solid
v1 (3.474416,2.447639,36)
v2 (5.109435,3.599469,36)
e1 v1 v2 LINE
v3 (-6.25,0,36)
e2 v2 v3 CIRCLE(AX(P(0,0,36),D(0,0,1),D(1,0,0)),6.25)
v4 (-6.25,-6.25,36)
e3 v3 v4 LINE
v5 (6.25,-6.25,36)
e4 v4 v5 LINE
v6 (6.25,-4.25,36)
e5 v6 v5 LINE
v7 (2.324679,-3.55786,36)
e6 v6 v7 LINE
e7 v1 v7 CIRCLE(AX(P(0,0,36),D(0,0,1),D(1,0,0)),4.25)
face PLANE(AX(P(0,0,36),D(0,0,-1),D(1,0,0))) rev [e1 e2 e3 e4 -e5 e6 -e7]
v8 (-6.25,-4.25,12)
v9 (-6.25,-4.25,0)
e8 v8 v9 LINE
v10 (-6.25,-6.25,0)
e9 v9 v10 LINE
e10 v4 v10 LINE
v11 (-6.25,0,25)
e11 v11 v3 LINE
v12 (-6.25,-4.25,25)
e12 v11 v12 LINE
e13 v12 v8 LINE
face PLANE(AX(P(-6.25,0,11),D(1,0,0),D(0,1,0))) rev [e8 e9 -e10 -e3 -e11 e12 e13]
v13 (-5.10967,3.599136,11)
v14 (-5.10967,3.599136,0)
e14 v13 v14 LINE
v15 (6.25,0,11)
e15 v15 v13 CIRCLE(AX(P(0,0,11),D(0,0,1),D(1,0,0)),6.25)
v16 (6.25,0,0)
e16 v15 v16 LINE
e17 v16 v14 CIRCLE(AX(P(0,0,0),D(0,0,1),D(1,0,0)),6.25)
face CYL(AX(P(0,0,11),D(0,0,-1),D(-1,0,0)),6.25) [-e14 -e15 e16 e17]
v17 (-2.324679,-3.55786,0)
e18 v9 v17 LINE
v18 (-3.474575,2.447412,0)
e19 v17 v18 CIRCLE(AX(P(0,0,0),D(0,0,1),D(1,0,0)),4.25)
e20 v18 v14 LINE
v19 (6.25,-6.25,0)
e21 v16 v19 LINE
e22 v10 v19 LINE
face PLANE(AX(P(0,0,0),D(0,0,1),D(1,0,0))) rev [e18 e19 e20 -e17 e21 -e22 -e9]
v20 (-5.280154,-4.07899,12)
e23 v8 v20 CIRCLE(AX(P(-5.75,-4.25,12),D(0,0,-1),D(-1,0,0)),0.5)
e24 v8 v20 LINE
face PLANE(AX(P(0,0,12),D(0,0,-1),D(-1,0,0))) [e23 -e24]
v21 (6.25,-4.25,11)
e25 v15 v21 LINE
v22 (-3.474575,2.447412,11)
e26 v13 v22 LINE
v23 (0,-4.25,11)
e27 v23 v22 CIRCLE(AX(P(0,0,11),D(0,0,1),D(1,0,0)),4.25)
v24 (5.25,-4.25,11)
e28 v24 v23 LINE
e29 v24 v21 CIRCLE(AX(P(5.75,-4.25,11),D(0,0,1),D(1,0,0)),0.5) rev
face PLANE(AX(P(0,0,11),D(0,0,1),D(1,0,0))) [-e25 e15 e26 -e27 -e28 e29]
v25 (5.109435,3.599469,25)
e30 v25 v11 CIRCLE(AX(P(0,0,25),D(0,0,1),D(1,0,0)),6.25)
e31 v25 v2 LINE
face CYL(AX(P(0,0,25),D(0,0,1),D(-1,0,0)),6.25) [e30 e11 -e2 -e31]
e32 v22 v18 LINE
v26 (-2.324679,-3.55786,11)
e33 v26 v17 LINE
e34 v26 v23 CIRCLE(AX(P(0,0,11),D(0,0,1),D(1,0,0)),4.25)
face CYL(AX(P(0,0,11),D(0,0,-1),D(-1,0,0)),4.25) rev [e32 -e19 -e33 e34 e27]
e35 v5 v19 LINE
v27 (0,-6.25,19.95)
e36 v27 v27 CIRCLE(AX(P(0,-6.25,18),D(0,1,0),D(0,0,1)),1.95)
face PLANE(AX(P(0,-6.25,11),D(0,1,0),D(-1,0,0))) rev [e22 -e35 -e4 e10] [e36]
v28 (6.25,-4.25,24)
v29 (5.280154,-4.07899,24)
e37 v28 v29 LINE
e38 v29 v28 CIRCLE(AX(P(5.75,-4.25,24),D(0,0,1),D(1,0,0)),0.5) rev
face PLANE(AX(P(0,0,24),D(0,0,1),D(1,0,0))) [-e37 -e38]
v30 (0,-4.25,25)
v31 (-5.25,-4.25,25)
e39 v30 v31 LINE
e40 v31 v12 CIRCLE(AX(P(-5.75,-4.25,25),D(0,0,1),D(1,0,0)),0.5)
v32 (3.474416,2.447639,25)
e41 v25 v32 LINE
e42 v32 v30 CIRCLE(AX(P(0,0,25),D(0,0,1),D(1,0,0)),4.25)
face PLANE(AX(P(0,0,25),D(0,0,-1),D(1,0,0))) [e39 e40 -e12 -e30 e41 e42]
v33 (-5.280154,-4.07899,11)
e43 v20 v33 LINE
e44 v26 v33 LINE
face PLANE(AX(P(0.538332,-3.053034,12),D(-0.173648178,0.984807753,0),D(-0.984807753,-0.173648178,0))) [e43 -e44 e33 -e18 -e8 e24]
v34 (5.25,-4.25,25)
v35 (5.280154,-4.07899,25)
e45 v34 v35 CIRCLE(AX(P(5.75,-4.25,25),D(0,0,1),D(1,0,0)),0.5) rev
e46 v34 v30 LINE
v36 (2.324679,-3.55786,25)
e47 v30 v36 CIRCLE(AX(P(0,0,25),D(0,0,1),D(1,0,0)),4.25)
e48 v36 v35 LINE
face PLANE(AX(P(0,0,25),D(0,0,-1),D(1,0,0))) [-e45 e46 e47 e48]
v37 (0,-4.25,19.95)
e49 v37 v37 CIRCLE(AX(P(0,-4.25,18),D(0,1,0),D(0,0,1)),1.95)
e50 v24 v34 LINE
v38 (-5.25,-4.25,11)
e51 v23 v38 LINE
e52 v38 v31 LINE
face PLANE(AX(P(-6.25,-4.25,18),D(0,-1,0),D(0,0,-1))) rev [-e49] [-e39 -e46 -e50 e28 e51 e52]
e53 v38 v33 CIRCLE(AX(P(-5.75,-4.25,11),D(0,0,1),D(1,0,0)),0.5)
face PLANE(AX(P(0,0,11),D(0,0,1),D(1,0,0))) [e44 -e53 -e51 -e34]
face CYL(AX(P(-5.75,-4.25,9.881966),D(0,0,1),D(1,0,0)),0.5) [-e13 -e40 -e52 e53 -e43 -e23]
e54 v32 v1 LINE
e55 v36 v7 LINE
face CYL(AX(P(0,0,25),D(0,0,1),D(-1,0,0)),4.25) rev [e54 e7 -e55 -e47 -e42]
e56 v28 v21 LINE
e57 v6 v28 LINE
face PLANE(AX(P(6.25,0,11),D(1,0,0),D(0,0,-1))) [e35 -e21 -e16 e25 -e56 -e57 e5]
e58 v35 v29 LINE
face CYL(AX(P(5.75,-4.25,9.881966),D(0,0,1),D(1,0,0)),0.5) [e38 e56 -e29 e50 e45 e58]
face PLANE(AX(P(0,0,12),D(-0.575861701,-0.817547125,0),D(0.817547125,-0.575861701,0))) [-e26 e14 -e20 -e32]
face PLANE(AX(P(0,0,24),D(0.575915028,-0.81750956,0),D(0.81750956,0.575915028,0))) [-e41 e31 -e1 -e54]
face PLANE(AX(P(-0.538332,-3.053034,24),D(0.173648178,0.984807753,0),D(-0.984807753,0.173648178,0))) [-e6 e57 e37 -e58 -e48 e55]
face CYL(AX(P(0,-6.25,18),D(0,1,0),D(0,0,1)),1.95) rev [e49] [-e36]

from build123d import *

# Parameters (mm, degrees)
RESSALTO_EXTRUS_O1_DEPTH = 11
ESBO_O2_W                = 12.5
ESBO_O2_H                = 2
RESSALTO_EXTRUS_O2_DEPTH = 7
RESSALTO_EXTRUS_O3_DEPTH = 7
ESBO_O4_R                = 1.95
CORTE_EXTRUS_O1_DEPTH    = 2
CORTE_EXTRUS_O2_DEPTH    = 12
CORTE_EXTRUS_O3_DEPTH    = 12


with BuildPart() as part:
    # Esboço1 → Ressalto-extrusão1 (new body)
    with BuildSketch(Plane.XY):
        with BuildLine():
            Line((-6.25, -6.25), (0, -6.25))
            ThreePointArc((0, -6.25), (-4.419417382, -4.419417382), (-6.25, 0))
            Line((-6.25, 0), (-6.25, -6.25))
        make_face()
        with BuildLine():
            Line((6.25, -6.25), (6.25, 0))
            ThreePointArc((6.25, 0), (4.419417382, -4.419417382), (0, -6.25))
            Line((0, -6.25), (6.25, -6.25))
        make_face()
        with BuildLine():
            ThreePointArc((-4.25, 0), (0, 4.25), (4.25, 0))
            Line((4.25, 0), (6.25, 0))
            ThreePointArc((6.25, 0), (4.419417387, 4.419417378), (1.3e-08, 6.25))
            ThreePointArc((1.3e-08, 6.25), (-4.419417378, 4.419417387), (-6.25, 0))
            Line((-6.25, 0), (-4.25, 0))
        make_face()
        with BuildLine():
            Line((6.25, 0), (4.25, 0))
            ThreePointArc((4.25, 0), (0, -4.25), (-4.25, 0))
            Line((-4.25, 0), (-6.25, 0))
            ThreePointArc((-6.25, 0), (-4.419417382, -4.419417382), (0, -6.25))
            ThreePointArc((0, -6.25), (4.419417382, -4.419417382), (6.25, 0))
        make_face()
    ressalto_extrus_o1 = extrude(amount=RESSALTO_EXTRUS_O1_DEPTH)

    # Esboço2 → Ressalto-extrusão2 (add)
    with BuildSketch(Plane.XY.offset(11)):
        with Locations((0, -5.25)):
            Rectangle(ESBO_O2_W, ESBO_O2_H)
    ressalto_extrus_o2 = extrude(amount=RESSALTO_EXTRUS_O2_DEPTH)

    # Esboço3 → Ressalto-extrusão3 (add)
    with BuildSketch(Plane.XY.offset(18)):
        with BuildLine():
            Line((5.25, -4.25), (6.25, -4.25))
            ThreePointArc((6.25, -4.25), (5.75, -3.75), (5.25, -4.25))
        make_face()
        with BuildLine():
            Line((-6.25, -4.25), (-5.25, -4.25))
            ThreePointArc((-5.25, -4.25), (-5.75, -3.75), (-6.25, -4.25))
        make_face()
    ressalto_extrus_o3 = extrude(amount=-RESSALTO_EXTRUS_O3_DEPTH)

    # Espelhar1: Ressalto-extrusão1, Ressalto-extrusão2, Ressalto-extrusão3 across plane
    add(ressalto_extrus_o1.mirror(Plane(origin=(0, 0, 18), x_dir=(1, 0, 0), z_dir=(0, 0, -1))))
    add(ressalto_extrus_o2.mirror(Plane(origin=(0, 0, 18), x_dir=(1, 0, 0), z_dir=(0, 0, -1))))
    add(ressalto_extrus_o3.mirror(Plane(origin=(0, 0, 18), x_dir=(1, 0, 0), z_dir=(0, 0, -1))))

    # Esboço4 → Corte-extrusão1 (cut)
    with BuildSketch(Plane(origin=(0, -4.25, 0), x_dir=(1, 0, 0), z_dir=(0, 1, 0))):
        with Locations(Location((0, -18, 0), (0, 0, 270))):
            Circle(ESBO_O4_R)
    extrude(amount=-CORTE_EXTRUS_O1_DEPTH, mode=Mode.SUBTRACT)

    # Esboço5 → Corte-extrusão2 (cut)
    with BuildSketch(Plane.XY.offset(36)):
        with BuildLine():
            Line((2.324678961, -3.557859993), (6.25, -4.25))
            Line((6.25, -4.25), (6.25, 0))
            ThreePointArc((6.25, 0), (5.958039408, 1.887926484), (5.109434749, 3.599468925))
            Line((5.109434749, 3.599468925), (3.474415629, 2.447638869))
            ThreePointArc((3.474415629, 2.447638869), (4.051466798, 1.283790009), (4.25, 0))
            ThreePointArc((4.25, 0), (3.737805879, -2.022698002), (2.324678961, -3.557859993))
        make_face()
    extrude(amount=-CORTE_EXTRUS_O2_DEPTH, mode=Mode.SUBTRACT)

    # Esboço6 → Corte-extrusão3 (cut)
    with BuildSketch(Plane(origin=(0, 0, 0), x_dir=(-1, 0, 0), z_dir=(0, 0, -1))):
        with BuildLine():
            Line((2.324678961, -3.557859993), (6.25, -4.25))
            Line((6.25, -4.25), (6.25, 0))
            ThreePointArc((6.25, 0), (5.95810098, 1.887732163), (5.10966953, 3.599135631))
            Line((5.10966953, 3.599135631), (3.474575281, 2.447412229))
            ThreePointArc((3.474575281, 2.447412229), (4.051508666, 1.283657871), (4.25, 0))
            ThreePointArc((4.25, 0), (3.737805879, -2.022698002), (2.324678961, -3.557859993))
        make_face()
    extrude(amount=-CORTE_EXTRUS_O3_DEPTH, mode=Mode.SUBTRACT)


solid = part.part
